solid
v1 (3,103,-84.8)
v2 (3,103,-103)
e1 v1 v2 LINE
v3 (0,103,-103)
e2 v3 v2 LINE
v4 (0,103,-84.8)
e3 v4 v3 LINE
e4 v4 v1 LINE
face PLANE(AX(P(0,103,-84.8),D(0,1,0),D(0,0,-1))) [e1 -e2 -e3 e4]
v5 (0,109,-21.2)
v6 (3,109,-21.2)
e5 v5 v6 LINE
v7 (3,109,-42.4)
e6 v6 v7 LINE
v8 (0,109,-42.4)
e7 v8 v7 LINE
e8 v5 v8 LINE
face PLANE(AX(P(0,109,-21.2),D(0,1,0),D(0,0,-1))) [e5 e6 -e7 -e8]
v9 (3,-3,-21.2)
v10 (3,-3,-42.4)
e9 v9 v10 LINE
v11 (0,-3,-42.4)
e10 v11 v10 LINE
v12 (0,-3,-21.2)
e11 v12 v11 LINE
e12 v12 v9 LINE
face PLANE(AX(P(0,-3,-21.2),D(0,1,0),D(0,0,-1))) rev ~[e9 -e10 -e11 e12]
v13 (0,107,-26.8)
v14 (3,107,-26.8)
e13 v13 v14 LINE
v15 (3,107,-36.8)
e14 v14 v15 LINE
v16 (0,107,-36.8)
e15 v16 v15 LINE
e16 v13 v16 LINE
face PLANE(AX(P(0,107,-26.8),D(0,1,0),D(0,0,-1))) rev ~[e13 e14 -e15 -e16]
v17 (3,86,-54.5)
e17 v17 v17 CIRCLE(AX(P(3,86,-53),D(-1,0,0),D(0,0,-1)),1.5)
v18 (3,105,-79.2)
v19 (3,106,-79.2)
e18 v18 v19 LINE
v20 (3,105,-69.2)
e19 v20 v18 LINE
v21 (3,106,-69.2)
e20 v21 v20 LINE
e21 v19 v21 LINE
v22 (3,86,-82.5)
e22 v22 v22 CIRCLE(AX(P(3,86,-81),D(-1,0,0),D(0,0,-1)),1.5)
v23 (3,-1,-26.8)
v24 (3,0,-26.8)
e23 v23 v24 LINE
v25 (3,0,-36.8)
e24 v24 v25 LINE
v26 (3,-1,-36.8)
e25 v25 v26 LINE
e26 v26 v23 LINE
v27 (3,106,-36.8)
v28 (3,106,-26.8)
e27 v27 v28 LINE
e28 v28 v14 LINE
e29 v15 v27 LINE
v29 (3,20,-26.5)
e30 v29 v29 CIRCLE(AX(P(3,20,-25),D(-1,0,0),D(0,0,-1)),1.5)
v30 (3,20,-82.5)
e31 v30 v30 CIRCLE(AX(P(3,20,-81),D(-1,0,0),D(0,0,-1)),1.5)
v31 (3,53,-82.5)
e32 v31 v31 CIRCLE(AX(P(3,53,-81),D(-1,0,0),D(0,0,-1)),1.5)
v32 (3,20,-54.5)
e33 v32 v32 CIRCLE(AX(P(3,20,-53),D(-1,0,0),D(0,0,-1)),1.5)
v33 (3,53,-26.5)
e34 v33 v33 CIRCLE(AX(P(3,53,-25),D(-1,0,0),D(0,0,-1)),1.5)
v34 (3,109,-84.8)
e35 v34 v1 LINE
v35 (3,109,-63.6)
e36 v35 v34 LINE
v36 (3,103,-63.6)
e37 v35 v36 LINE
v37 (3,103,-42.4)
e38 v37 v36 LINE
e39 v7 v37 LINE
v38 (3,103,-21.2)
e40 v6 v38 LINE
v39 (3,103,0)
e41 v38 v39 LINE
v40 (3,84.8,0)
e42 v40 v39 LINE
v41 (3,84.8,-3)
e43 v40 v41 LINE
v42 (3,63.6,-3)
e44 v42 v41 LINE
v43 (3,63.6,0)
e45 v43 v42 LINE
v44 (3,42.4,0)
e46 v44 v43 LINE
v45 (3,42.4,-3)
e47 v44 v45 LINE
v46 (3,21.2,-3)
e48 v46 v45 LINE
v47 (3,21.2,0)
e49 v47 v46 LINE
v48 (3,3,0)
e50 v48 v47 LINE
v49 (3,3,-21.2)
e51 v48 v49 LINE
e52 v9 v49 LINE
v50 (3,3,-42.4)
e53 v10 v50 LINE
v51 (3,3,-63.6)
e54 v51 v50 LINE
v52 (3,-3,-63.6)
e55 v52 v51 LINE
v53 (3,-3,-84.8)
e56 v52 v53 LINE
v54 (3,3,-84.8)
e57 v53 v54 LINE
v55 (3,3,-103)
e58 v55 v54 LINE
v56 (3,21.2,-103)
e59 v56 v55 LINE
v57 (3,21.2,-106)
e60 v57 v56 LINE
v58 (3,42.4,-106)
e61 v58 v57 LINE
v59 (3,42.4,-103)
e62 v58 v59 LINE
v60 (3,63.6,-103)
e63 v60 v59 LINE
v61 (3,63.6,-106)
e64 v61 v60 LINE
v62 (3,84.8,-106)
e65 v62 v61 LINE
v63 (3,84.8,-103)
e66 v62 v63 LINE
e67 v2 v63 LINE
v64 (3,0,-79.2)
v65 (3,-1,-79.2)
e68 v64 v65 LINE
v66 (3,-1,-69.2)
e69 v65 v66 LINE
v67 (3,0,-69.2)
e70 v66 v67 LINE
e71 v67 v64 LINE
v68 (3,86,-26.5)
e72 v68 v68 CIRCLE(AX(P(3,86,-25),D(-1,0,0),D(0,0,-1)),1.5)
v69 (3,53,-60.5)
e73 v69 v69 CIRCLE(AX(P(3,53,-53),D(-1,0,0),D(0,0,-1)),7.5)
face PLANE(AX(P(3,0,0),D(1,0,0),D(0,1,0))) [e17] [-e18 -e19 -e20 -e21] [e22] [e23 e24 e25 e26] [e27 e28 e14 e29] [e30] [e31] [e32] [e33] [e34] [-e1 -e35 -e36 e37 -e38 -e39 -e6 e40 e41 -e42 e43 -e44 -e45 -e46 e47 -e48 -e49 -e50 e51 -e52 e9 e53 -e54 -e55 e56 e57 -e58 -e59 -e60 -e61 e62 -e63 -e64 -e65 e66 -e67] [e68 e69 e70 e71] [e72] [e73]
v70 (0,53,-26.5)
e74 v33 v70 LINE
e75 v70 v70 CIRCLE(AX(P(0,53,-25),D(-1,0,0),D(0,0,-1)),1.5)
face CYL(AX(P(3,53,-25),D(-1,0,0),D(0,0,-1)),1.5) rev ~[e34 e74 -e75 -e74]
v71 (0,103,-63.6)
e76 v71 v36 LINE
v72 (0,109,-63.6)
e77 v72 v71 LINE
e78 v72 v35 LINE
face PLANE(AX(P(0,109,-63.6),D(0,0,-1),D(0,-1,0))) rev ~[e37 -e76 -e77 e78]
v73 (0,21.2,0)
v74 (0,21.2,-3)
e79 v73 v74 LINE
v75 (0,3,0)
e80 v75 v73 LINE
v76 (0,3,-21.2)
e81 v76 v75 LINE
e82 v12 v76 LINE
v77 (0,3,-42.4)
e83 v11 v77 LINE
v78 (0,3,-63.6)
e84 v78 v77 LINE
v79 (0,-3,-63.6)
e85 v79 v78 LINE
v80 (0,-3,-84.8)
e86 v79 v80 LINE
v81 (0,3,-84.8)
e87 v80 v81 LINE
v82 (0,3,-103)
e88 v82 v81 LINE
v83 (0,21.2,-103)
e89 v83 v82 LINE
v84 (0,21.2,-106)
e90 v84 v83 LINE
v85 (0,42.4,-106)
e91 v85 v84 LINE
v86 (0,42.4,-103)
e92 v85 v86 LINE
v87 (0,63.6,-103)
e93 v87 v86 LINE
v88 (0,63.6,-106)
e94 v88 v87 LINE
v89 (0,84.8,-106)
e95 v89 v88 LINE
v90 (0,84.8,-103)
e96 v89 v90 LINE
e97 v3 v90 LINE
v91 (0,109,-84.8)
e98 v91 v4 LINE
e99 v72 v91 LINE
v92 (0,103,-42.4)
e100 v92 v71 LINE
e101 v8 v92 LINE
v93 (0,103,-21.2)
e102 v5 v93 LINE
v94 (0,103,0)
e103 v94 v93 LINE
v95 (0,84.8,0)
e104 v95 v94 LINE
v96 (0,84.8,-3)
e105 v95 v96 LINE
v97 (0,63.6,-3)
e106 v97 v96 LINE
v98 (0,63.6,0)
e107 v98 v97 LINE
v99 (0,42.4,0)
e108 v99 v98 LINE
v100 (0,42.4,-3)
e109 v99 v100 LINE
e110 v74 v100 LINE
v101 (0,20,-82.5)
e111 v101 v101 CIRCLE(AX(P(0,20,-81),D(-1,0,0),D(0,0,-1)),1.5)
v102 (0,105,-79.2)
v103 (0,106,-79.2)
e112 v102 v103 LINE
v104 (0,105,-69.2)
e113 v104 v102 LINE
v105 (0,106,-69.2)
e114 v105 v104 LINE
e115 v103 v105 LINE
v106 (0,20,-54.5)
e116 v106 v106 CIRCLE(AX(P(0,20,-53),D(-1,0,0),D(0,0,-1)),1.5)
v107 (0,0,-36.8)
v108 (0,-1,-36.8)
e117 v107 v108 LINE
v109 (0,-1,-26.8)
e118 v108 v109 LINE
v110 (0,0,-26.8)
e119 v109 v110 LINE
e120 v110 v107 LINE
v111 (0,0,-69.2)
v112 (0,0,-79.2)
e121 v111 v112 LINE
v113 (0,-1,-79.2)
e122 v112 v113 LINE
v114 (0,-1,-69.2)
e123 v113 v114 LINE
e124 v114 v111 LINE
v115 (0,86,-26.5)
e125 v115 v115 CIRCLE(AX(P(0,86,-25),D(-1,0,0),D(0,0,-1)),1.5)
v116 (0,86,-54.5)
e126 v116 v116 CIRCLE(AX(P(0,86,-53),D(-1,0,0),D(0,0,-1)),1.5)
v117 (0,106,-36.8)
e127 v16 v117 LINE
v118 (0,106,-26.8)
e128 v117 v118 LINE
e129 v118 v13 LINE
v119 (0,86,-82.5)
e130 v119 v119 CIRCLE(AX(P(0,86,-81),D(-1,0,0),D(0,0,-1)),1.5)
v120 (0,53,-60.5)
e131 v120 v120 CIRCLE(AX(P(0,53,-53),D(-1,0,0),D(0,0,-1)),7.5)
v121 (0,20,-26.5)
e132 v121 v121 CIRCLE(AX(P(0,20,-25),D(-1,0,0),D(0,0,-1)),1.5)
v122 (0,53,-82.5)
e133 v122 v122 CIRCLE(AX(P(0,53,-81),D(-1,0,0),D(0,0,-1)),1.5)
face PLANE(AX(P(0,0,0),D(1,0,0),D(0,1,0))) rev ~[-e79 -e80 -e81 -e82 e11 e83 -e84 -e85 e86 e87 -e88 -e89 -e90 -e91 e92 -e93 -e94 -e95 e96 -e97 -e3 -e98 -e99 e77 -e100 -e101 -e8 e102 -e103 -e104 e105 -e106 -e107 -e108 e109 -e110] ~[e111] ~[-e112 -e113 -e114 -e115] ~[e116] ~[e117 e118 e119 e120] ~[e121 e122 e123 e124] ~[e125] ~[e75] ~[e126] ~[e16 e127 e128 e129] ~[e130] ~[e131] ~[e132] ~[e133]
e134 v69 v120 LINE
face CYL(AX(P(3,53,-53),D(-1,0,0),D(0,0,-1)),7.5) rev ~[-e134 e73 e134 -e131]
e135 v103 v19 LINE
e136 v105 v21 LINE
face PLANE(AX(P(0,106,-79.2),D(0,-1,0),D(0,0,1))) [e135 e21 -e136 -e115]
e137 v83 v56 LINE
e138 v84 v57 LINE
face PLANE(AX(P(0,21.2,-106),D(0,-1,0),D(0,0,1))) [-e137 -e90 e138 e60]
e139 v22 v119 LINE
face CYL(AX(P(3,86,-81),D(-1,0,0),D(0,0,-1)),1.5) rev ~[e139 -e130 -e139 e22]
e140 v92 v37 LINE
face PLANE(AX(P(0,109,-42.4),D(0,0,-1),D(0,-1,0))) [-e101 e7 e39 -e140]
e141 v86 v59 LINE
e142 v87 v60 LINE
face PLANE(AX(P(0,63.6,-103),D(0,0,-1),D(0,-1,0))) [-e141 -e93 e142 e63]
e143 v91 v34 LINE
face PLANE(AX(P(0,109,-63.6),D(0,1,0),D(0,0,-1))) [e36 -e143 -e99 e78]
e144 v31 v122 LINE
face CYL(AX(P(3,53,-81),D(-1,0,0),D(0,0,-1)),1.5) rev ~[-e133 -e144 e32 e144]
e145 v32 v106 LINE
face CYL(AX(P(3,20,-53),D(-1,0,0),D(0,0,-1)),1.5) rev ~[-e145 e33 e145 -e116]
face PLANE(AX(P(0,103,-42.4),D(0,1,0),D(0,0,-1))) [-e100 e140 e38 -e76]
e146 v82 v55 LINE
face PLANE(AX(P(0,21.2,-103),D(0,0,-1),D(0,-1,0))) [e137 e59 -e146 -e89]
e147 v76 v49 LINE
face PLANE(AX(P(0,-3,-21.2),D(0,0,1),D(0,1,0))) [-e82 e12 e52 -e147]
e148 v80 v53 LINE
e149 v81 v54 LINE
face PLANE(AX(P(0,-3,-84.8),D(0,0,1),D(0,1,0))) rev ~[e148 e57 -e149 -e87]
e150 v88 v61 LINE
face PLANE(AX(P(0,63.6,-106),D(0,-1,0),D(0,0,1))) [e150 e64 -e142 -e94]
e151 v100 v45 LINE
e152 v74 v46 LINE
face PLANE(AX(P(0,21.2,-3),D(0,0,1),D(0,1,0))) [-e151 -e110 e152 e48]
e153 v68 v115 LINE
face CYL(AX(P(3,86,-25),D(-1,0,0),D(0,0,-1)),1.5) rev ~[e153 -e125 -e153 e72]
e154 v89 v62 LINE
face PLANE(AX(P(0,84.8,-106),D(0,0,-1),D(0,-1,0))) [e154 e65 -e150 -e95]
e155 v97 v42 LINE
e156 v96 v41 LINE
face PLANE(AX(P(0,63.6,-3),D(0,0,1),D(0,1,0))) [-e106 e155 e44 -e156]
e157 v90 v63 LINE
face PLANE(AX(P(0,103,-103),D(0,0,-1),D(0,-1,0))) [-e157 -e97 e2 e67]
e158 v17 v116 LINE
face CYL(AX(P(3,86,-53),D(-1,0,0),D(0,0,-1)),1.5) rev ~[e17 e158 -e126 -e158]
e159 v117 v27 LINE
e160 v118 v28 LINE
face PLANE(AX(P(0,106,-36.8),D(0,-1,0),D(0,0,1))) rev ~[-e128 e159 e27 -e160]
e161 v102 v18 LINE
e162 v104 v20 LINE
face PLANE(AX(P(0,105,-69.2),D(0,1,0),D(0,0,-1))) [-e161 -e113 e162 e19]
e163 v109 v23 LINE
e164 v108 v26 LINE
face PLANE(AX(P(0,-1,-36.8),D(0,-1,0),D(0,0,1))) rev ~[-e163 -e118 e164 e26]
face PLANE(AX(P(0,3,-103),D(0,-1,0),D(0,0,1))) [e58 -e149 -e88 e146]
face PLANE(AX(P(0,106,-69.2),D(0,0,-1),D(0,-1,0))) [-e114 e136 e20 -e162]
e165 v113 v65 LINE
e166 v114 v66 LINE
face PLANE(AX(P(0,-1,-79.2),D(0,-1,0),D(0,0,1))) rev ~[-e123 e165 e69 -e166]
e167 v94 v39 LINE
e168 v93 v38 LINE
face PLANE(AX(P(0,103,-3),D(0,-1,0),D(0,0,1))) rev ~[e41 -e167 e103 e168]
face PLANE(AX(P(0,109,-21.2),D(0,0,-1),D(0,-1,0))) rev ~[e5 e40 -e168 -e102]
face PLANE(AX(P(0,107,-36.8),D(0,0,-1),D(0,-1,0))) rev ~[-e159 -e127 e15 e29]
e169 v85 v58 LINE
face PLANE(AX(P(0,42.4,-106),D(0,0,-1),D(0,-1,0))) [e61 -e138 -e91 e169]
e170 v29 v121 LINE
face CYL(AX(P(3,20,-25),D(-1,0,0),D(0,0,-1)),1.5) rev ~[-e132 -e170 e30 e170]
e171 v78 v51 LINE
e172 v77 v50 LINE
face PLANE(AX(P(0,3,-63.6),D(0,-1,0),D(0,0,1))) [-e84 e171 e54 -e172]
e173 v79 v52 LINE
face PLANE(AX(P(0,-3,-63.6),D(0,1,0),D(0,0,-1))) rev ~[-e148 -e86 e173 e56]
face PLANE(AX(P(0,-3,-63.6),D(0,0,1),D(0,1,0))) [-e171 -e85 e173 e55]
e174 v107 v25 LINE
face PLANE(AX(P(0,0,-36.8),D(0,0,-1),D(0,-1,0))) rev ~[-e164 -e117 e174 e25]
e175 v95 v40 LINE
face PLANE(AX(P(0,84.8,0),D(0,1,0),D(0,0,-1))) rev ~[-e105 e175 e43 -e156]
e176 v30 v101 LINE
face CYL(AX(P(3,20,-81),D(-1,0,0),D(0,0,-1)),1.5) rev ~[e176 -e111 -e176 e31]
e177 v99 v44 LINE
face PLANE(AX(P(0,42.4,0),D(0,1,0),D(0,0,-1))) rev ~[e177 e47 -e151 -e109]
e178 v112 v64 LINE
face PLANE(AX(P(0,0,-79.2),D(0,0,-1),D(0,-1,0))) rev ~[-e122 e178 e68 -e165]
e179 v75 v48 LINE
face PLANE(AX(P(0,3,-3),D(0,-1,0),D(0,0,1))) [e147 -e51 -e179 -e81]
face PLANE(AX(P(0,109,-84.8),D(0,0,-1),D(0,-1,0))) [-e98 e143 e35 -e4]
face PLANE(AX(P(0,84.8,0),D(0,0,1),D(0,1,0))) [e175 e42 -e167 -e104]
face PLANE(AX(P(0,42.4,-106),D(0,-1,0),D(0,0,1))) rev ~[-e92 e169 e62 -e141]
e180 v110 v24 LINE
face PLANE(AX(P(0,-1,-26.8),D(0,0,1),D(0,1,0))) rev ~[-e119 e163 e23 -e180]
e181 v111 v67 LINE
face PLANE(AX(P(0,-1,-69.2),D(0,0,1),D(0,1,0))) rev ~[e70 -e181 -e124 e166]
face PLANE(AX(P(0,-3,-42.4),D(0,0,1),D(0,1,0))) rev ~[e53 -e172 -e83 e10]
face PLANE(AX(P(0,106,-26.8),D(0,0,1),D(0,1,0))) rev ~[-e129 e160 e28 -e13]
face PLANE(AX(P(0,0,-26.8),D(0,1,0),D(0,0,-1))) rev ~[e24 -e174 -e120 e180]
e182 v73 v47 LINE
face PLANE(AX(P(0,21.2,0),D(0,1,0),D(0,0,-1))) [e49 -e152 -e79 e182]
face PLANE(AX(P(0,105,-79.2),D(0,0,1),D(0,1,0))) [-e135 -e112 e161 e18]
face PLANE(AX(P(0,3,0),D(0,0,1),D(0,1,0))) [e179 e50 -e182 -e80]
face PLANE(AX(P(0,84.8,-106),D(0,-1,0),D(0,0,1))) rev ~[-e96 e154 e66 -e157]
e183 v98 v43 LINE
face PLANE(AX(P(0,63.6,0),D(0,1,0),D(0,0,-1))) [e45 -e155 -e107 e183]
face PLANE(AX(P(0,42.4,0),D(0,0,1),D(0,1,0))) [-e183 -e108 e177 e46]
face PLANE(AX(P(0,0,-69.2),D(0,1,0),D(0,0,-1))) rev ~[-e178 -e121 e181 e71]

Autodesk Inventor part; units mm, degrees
ref_plane "YZ Plane" through (0, 0, 0) normal (1, 0, 0) x (0, 1, 0)
ref_plane "XZ Plane" through (0, 0, 0) normal (0, 1, 0) x (-1, 0, 0)
ref_plane "XY Plane" through (0, 0, 0) normal (0, 0, 1) x (1, 0, 0)
sketch "Sketch1" plane through (0, 0, 0) normal (1, 0, 0) x (0, 1, 0)
  line L0 (21.2, 0) -> (21.2, -3)
  line L1 (42.4, 0) -> (42.4, -3)
  line L2 (63.6, 0) -> (63.6, -3)
  line L3 (84.8, 0) -> (84.8, -3)
  line L4 (-3, -21.2) -> (3, -21.2)
  line L5 (-3, -42.4) -> (3, -42.4)
  line L6 (-3, -63.6) -> (3, -63.6)
  line L7 (-3, -84.8) -> (3, -84.8)
  line L8 (21.2, -106) -> (21.2, -103)
  line L9 (42.4, -106) -> (42.4, -103)
  line L10 (63.6, -106) -> (63.6, -103)
  line L11 (84.8, -106) -> (84.8, -103)
  line L12 (109, -84.8) -> (103, -84.8)
  line L13 (109, -63.6) -> (103, -63.6)
  line L14 (109, -42.4) -> (103, -42.4)
  line L15 (109, -21.2) -> (103, -21.2)
  line L16 (3, -103) -> (3, -84.8)
  line L17 (3, -63.6) -> (3, -42.4)
  line L18 (3, -21.2) -> (3, -3)
  line L19 (103, -3) -> (103, -21.2)
  line L20 (103, -42.4) -> (103, -63.6)
  line L21 (103, -84.8) -> (103, -103)
  line L22 (21.2, -103) -> (3, -103)
  line L23 (84.8, -106) -> (63.6, -106)
  line L24 (42.4, -106) -> (21.2, -106)
  line L25 (103, -103) -> (84.8, -103)
  line L26 (63.6, -103) -> (42.4, -103)
  line L27 (103, -3) -> (103, 0)
  line L28 (3, -3) -> (3, 0)
  line L29 (3, 0) -> (21.2, 0)
  line L30 (21.2, -3) -> (42.4, -3)
  line L31 (63.6, -3) -> (84.8, -3)
  line L32 (42.4, 0) -> (63.6, 0)
  line L33 (84.8, 0) -> (103, 0)
  line L34 (-3, -63.6) -> (-3, -84.8)
  line L35 (-3, -21.2) -> (-3, -42.4)
  line L36 (109, -21.2) -> (109, -42.4)
  line L37 (109, -63.6) -> (109, -84.8)
  line L38 (-1, -26.8) -> (0, -26.8)
  line L39 (0, -26.8) -> (0, -36.8)
  line L40 (0, -36.8) -> (-1, -36.8)
  line L41 (-1, -36.8) -> (-1, -26.8)
  line L42 (0, -79.2) -> (-1, -79.2)
  line L43 (-1, -79.2) -> (-1, -69.2)
  line L44 (-1, -69.2) -> (0, -69.2)
  line L45 (0, -69.2) -> (0, -79.2)
  line L46 (106, -26.8) -> (107, -26.8)
  line L47 (107, -26.8) -> (107, -36.8)
  line L48 (107, -36.8) -> (106, -36.8)
  line L49 (106, -36.8) -> (106, -26.8)
  line L50 (106, -69.2) -> (105, -69.2)
  line L51 (105, -69.2) -> (105, -79.2)
  line L52 (105, -79.2) -> (106, -79.2)
  line L53 (106, -79.2) -> (106, -69.2)
  point P0 (0, 0)
  dimension "d109" = 10
  dimension "d110" = 10
  dimension "d111" = 1
  dimension "d112" = 10
  dimension "d113" = 1
  dimension "d114" = 10
extrude "Extrusion1" add sketch "Sketch1" along normal blind 3
sketch "Sketch3" plane through (3, 0, 0) normal (1, 0, 0) x (0, 0, -1)
  circle A0 centre (53, 53) radius 5
  point P0 (0, 0)
  dimension "d6" = 10
hole "Hole1" at (3, 53, -53) direction (-1, 0, 0) diameter 15 end through all
sketch "Sketch5" plane through (3, 0, 0) normal (1, 0, 0) x (0, 0, -1)
  circle A0 centre (25, 20) radius 1.5
  point P0 (0, 0)
  dimension "d45" = 3
hole "Hole4" at (3, 20, -25) direction (-1, 0, 0) diameter 3 end through all
sketch "Sketch6" plane through (3, 0, 0) normal (1, 0, 0) x (0, 0, -1)
  circle A0 centre (53, 20) radius 1.5
  point P0 (0, 0)
  dimension "d53" = 3
sketch "Sketch7" plane through (3, 0, 0) normal (1, 0, 0) x (0, 0, -1)
  point P0 (0, 0)
hole "Hole5" at (3, 20, -53) direction (-1, 0, 0) diameter 3 end through all
sketch "Sketch8" plane through (3, 0, 0) normal (1, 0, 0) x (0, 0, -1)
  circle A0 centre (81, 20) radius 1.5
  point P0 (0, 0)
  dimension "d61" = 3
hole "Hole6" at (3, 20, -81) direction (-1, 0, 0) diameter 3 end through all
sketch "Sketch9" plane through (3, 0, 0) normal (1, 0, 0) x (0, 0, -1)
  circle A0 centre (25, 53) radius 1.5
  point P0 (0, 0)
  dimension "d69" = 3
hole "Hole7" at (3, 53, -25) direction (-1, 0, 0) diameter 3 end through all
sketch "Sketch10" plane through (3, 0, 0) normal (1, 0, 0) x (0, 0, -1)
  circle A0 centre (81, 53) radius 1.5
  point P0 (0, 0)
  dimension "d77" = 3
hole "Hole8" at (3, 53, -81) direction (-1, 0, 0) diameter 3 end through all
sketch "Sketch11" plane through (3, 0, 0) normal (1, 0, 0) x (0, 0, -1)
  circle A0 centre (25, 86) radius 1.5
  point P0 (0, 0)
  dimension "d85" = 3
hole "Hole9" at (3, 86, -25) direction (-1, 0, 0) diameter 3 end through all
sketch "Sketch12" plane through (3, 0, 0) normal (1, 0, 0) x (0, 0, -1)
  circle A0 centre (53, 86) radius 1.5
  point P0 (0, 0)
  dimension "d93" = 3
hole "Hole10" at (3, 86, -53) direction (-1, 0, 0) diameter 3 end through all
sketch "Sketch13" plane through (3, 0, 0) normal (1, 0, 0) x (0, 0, -1)
  circle A0 centre (81, 86) radius 1.5
  point P0 (0, 0)
  dimension "d101" = 3
hole "Hole11" at (3, 86, -81) direction (-1, 0, 0) diameter 3 end through all
properties part number "Box side 1" material "PMMA Plastic"
